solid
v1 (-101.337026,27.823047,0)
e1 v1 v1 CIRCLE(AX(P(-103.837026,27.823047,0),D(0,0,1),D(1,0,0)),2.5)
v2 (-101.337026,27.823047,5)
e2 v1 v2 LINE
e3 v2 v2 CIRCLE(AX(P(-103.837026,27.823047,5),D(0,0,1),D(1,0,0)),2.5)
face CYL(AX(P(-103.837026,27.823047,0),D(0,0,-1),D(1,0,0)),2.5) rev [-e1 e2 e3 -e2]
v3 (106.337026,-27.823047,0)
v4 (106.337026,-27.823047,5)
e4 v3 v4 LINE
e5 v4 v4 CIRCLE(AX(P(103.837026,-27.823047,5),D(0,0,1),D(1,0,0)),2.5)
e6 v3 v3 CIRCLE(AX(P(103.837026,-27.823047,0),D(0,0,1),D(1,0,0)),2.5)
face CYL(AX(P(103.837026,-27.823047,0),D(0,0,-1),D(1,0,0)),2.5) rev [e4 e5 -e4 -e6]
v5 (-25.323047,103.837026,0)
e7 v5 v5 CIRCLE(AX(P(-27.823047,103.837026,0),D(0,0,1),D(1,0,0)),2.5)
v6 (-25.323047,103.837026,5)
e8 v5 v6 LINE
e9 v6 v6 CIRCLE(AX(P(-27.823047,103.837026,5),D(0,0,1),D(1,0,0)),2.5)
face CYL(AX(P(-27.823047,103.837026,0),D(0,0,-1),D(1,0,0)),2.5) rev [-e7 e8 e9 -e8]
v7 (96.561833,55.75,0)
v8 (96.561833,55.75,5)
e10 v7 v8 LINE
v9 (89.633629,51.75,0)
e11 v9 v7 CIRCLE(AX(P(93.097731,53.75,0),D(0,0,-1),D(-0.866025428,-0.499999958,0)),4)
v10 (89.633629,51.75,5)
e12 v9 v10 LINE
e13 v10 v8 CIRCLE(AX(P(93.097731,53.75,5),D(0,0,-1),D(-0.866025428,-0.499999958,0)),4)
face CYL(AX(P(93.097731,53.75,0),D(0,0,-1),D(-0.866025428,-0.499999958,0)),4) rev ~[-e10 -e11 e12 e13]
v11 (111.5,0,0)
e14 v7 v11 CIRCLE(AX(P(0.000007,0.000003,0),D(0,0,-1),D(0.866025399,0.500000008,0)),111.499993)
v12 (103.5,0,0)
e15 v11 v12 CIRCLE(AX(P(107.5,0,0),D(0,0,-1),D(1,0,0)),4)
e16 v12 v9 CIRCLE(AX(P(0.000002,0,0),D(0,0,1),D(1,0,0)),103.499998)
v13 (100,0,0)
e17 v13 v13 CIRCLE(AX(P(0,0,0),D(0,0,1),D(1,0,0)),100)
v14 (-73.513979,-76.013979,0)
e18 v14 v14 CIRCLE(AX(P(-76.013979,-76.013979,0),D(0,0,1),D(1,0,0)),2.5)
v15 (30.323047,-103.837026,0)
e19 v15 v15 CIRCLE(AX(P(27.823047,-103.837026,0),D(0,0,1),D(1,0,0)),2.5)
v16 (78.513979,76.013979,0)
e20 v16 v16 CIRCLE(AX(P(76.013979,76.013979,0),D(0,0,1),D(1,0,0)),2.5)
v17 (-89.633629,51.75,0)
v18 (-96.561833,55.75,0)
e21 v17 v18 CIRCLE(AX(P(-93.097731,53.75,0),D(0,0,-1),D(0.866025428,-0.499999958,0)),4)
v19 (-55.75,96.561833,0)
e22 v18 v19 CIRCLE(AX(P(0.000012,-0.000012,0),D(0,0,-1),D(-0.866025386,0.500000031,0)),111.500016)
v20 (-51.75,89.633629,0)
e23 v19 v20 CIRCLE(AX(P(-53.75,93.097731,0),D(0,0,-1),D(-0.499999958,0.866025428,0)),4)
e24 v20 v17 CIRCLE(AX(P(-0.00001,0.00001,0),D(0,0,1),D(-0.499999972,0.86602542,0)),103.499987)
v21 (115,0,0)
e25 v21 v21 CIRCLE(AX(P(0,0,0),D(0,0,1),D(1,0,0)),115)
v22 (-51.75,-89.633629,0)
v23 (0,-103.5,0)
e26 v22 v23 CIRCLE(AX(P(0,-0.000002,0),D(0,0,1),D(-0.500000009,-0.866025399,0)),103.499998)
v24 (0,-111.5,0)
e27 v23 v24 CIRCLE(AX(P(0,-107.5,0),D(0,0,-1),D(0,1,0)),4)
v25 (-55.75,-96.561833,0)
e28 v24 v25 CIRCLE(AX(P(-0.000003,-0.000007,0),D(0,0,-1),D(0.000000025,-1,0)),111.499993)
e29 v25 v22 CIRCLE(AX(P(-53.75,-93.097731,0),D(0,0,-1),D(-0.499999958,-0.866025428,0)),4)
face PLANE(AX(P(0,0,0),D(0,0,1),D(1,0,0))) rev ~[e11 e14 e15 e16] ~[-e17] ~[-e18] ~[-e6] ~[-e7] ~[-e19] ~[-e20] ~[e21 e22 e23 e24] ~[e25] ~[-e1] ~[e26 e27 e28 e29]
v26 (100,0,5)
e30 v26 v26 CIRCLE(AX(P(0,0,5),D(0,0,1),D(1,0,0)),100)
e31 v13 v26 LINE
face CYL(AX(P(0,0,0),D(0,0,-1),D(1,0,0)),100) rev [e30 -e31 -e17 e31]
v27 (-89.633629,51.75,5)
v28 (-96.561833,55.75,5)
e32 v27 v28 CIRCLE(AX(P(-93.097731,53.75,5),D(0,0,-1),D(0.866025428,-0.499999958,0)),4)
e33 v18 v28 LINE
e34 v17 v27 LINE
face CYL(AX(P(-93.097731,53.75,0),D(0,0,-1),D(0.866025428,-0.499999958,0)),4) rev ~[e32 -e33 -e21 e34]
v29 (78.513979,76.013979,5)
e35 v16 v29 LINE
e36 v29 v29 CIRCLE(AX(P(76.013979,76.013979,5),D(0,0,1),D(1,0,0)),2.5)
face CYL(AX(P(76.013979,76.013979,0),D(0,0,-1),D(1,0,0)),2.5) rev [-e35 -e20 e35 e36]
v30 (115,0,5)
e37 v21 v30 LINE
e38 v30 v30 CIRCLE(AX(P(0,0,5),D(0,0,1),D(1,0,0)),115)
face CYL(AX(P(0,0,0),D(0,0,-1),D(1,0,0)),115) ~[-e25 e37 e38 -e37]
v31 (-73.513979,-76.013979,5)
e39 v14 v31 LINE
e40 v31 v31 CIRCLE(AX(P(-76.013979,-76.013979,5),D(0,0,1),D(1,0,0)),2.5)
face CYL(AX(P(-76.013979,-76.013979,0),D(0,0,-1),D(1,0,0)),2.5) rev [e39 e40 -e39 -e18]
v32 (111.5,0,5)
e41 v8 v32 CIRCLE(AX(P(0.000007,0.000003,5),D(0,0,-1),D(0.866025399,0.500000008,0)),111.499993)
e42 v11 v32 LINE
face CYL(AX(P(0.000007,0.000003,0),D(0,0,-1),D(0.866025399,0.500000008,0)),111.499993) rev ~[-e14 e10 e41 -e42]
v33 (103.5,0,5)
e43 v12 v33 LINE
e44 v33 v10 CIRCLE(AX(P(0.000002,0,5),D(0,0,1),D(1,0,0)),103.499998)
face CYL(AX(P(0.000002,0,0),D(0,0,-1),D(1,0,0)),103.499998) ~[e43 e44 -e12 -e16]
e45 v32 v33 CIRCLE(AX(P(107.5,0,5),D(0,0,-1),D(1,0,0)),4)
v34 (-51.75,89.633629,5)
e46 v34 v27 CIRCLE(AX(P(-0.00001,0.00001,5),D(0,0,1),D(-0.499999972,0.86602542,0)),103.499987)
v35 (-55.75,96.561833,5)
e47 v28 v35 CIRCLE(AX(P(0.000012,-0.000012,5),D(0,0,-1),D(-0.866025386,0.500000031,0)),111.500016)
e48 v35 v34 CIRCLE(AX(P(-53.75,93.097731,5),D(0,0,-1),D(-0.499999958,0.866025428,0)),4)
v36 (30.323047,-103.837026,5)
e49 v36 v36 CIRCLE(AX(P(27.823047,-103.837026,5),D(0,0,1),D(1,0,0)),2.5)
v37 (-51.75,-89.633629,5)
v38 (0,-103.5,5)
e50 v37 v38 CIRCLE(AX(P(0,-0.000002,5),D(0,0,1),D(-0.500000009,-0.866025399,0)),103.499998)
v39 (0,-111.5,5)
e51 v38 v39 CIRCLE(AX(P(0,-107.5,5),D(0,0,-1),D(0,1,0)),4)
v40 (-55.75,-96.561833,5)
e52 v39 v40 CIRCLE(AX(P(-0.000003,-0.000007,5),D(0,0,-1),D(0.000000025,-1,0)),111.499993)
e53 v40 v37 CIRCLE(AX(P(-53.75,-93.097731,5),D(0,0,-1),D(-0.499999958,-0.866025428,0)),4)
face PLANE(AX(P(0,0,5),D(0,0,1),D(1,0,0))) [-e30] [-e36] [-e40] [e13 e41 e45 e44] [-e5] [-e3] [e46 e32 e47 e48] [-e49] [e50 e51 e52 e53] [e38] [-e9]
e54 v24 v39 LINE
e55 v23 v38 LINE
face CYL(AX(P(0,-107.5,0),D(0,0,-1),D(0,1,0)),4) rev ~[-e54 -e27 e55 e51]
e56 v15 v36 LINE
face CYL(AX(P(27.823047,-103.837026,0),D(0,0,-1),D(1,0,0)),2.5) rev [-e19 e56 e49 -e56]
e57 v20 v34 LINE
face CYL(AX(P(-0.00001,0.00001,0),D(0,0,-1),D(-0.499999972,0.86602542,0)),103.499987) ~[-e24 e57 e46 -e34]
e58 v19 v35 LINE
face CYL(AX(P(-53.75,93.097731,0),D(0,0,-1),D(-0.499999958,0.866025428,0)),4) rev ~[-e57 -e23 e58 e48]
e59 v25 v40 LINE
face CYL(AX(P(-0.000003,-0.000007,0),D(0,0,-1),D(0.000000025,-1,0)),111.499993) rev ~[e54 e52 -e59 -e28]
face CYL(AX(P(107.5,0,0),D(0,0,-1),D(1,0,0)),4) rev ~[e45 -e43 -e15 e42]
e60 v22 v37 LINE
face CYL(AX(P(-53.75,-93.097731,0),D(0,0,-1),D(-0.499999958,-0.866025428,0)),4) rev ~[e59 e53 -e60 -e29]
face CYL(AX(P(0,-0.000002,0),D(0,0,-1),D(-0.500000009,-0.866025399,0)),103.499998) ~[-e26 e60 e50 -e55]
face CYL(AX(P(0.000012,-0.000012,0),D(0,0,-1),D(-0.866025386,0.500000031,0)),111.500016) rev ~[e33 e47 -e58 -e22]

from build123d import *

# Parameters (mm, degrees)
F0_R     = 115
F0_R_2   = 2.5
F0_R_3   = 100
F1_DEPTH = 5


with BuildPart() as f1:
    # F0 (on Top) → F1 (new body)
    with BuildSketch(Plane.XY):
        Circle(F0_R)
        with Locations((-76.013979, -76.013979)):
            Circle(F0_R_2, mode=Mode.SUBTRACT)
        with BuildLine():
            ThreePointArc((0, -111.5), (-28.858324, -107.70073), (-55.75, -96.561833))
            ThreePointArc((-55.75, -96.561833), (-57.214102, -91.097731), (-51.75, -89.633629))
            ThreePointArc((-51.75, -89.633629), (-26.787771, -99.973323), (0, -103.5))
            ThreePointArc((0, -103.5), (4, -107.5), (0, -111.5))
        make_face(mode=Mode.SUBTRACT)
        with Locations((27.823047, -103.837026)):
            Circle(F0_R_2, mode=Mode.SUBTRACT)
        with Locations((103.837026, -27.823047)):
            Circle(F0_R_2, mode=Mode.SUBTRACT)
        with Locations((-103.837026, 27.823047)):
            Circle(F0_R_2, mode=Mode.SUBTRACT)
        with BuildLine():
            ThreePointArc((-96.561833, 55.75), (-78.842406, 78.842406), (-55.75, 96.561833))
            ThreePointArc((-55.75, 96.561833), (-50.285898, 95.097731), (-51.75, 89.633629))
            ThreePointArc((-51.75, 89.633629), (-73.185552, 73.185552), (-89.633629, 51.75))
            ThreePointArc((-89.633629, 51.75), (-95.097731, 50.285898), (-96.561833, 55.75))
        make_face(mode=Mode.SUBTRACT)
        with Locations((-27.823047, 103.837026)):
            Circle(F0_R_2, mode=Mode.SUBTRACT)
        Circle(F0_R_3, mode=Mode.SUBTRACT)
        with BuildLine():
            ThreePointArc((111.5, 0), (107.5, -4), (103.5, 0))
            ThreePointArc((103.5, 0), (99.973323, 26.787771), (89.633629, 51.75))
            ThreePointArc((89.633629, 51.75), (91.097731, 57.214102), (96.561833, 55.75))
            ThreePointArc((96.561833, 55.75), (107.70073, 28.858324), (111.5, 0))
        make_face(mode=Mode.SUBTRACT)
        with Locations((76.013979, 76.013979)):
            Circle(F0_R_2, mode=Mode.SUBTRACT)
    extrude(amount=F1_DEPTH)


solid = f1.part
